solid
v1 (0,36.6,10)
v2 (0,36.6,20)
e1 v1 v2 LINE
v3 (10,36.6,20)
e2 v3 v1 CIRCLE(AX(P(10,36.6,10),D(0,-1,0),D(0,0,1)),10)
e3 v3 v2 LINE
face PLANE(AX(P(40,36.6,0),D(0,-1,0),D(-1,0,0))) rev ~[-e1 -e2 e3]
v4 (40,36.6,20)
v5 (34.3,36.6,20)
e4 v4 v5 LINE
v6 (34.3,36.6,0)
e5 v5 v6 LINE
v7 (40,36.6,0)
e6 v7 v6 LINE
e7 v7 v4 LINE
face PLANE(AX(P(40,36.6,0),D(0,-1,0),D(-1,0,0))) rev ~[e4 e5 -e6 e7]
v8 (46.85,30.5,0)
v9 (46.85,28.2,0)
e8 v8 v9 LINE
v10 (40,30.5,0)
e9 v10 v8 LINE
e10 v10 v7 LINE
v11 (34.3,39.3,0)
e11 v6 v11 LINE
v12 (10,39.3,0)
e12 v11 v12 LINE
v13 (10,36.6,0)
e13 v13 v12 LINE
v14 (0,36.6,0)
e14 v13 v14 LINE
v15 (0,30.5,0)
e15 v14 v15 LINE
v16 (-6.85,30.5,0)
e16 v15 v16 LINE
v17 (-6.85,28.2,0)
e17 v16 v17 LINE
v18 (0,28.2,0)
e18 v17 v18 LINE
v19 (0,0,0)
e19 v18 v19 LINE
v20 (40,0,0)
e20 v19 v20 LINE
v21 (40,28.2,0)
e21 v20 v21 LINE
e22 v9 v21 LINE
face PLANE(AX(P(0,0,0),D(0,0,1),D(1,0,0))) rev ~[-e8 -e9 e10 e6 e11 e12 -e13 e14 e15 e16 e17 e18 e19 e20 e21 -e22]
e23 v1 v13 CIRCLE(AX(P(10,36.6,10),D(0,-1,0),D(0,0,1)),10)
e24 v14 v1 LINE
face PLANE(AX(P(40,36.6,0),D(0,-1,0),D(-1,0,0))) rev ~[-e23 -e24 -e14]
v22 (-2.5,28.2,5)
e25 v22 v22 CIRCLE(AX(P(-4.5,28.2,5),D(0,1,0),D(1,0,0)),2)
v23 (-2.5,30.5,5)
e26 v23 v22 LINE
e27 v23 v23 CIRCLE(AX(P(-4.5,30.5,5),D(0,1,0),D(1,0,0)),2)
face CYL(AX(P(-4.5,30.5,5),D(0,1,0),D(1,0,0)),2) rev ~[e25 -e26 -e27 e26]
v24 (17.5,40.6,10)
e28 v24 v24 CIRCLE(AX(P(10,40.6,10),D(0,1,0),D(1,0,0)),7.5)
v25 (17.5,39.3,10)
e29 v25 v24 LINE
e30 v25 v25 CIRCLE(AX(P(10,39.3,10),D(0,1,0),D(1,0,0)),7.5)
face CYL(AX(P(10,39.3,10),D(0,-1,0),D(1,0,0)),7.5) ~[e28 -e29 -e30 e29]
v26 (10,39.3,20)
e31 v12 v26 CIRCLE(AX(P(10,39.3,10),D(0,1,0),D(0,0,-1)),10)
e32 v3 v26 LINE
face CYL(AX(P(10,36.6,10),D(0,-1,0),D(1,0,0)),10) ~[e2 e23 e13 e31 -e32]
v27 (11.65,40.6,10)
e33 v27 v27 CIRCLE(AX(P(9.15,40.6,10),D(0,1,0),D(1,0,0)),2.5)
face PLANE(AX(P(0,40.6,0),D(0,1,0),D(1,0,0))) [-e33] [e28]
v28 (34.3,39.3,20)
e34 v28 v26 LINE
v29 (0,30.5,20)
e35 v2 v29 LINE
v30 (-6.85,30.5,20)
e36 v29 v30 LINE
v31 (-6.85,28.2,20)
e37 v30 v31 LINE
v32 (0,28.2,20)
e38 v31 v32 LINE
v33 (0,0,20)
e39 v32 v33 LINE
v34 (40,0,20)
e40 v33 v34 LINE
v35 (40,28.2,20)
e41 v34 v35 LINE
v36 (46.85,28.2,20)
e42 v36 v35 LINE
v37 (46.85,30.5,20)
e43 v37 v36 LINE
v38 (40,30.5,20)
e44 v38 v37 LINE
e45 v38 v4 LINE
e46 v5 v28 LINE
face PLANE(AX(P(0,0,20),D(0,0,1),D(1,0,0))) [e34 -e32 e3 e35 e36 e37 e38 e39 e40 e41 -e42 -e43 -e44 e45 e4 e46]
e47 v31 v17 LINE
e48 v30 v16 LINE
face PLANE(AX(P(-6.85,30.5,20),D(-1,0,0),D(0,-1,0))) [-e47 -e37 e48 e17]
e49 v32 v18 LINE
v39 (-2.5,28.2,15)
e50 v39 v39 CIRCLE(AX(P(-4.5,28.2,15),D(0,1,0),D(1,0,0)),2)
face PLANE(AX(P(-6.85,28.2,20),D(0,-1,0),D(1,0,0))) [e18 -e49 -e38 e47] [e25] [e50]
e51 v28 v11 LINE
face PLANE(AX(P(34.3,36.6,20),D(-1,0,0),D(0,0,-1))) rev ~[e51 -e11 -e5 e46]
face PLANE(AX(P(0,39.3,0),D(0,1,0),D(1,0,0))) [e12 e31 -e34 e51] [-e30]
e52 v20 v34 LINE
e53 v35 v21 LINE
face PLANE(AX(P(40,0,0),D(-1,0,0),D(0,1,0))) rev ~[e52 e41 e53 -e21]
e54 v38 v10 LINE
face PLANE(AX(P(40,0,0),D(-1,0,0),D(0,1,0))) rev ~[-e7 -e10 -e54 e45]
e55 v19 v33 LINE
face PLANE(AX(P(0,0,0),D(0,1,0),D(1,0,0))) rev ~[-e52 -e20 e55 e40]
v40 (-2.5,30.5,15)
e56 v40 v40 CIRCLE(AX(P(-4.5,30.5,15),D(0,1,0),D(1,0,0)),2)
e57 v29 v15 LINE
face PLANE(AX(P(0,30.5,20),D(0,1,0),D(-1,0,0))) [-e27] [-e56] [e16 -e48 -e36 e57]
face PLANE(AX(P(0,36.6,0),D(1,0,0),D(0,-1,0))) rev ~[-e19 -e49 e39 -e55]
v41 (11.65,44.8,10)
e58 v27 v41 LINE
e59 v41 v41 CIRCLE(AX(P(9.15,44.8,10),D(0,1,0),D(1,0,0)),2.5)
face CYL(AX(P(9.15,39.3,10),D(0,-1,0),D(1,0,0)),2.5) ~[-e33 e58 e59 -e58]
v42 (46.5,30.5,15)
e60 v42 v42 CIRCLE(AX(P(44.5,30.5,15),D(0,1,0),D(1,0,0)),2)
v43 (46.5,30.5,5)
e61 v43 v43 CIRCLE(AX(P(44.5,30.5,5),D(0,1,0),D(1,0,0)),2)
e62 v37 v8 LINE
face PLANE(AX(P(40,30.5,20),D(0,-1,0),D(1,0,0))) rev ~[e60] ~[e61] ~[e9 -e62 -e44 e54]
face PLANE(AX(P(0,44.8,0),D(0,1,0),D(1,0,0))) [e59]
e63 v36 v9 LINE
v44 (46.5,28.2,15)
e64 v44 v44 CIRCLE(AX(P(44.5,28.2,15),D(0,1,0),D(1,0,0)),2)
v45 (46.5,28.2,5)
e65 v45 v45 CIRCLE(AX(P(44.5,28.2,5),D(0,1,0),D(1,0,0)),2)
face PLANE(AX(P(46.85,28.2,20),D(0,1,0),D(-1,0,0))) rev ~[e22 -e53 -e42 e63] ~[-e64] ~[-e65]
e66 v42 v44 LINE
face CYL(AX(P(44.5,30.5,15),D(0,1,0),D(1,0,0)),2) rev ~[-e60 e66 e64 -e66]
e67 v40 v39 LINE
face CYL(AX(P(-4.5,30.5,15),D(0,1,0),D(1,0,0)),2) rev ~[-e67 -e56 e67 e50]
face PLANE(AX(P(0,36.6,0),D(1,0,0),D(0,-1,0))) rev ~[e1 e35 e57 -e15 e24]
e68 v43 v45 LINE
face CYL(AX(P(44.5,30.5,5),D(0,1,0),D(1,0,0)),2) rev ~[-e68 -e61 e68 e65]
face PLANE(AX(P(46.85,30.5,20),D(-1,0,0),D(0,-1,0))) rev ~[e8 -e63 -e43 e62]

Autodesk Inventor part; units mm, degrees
ref_plane "YZ Plane" through (0, 0, 0) normal (1, 0, 0) x (0, 1, 0)
ref_plane "XZ Plane" through (0, 0, 0) normal (0, 1, 0) x (-1, 0, 0)
ref_plane "XY Plane" through (0, 0, 0) normal (0, 0, 1) x (1, 0, 0)
sketch "스케치1" plane through (0, 0, 0) normal (0, 0, 1) x (1, 0, 0)
  line L0 (0, 0) -> (40, 0)
  line L1 (40, 0) -> (40, 36.6)
  line L2 (40, 36.6) -> (0, 36.6)
  line L3 (0, 36.6) -> (0, 0)
  dimension "d0" = 40
  dimension "d1" = 36.6
extrude "돌출1" add sketch "스케치1" along normal blind 20
sketch "스케치2" plane through (0, 0, 20) normal (0, 0, 1) x (1, 0, 0)
  line L0 (40, 0) -> (40, 36.6) projected
  line L1 (40, 30.5) -> (46.85, 30.5)
  line L2 (46.85, 30.5) -> (46.85, 28.2)
  line L3 (46.85, 28.2) -> (40, 28.2)
  line L4 (40, 28.2) -> (40, 30.5)
  line L5 (0, 30.5) -> (-6.85, 30.5)
  line L6 (-6.85, 30.5) -> (-6.85, 28.2)
  line L7 (-6.85, 28.2) -> (0, 28.2)
  line L8 (0, 28.2) -> (0, 30.5)
  line L9 (0, 0) -> (40, 0) projected
  line L10 (0, 36.6) -> (0, 0) projected
  point P0 (40, 28.2)
  point P1 (0, 29.35)
  dimension "d4" = 6.85
  dimension "d5" = 6.85
  dimension "d6" = 2.3
  dimension "d7" = 2.3
  dimension "d8" = 30.5
  dimension "d9" = 30.5
extrude "돌출2" add sketch "스케치2" against normal blind 20
sketch "스케치3" plane through (0, 36.6, 0) normal (0, 1, 0) x (1, 0, 0)
  line L0 (40, 0) -> (0, 0) projected
  line L1 (0, 0) -> (0, -20) projected
  line L2 (40, -20) -> (0, -20) projected
  line L3 (40, 0) -> (40, -20) projected
  circle A0 centre (10, -10) radius 10
  line L4 (0, 0) -> (0, -20) projected
  line L5 (0, -20) -> (34.3, -20)
  line L6 (34.3, -20) -> (34.3, 0)
  line L7 (34.3, 0) -> (0, 0)
  line L8 (0, 0) -> (0, -20)
  line L9 (40, -20) -> (0, -20) projected
  point P0 (10, -20)
  point P1 (10, 0)
  dimension "d12" = 34.3
extrude "돌출3" add sketch "스케치3" along normal blind 2.7 contours L6 L2 A0 L0 | A0
sketch "스케치4" plane through (0, 39.3, 0) normal (0, 1, 0) x (1, 0, 0)
  circle A0 centre (9.15, -10) radius 2.5
  arc A1 (10, 0) -> (10, -20) centre (10, -10) ccw projected
  line L0 (-6.85, -20) -> (-6.85, 0) projected
  point P0 (0, 0)
  point P1 (0, -10)
  point P2 (11.638, -9.755)
  point P3 (0, -10)
  point P4 (0, -10)
  dimension "d15" = 5
  dimension "d23" = 16
extrude "돌출4" add sketch "스케치4" along normal blind 5.5
sketch "스케치5" plane through (0, 39.3, 0) normal (0, 1, 0) x (1, 0, 0)
  circle A0 centre (9.15, -10) radius 2.5 projected
  line L0 (10, -20) -> (34.3, -20) projected
  line L1 (34.3, -20) -> (34.3, 0) projected
  line L2 (34.3, 0) -> (10, 0) projected
  arc A1 (10, 0) -> (10, -20) centre (10, -10) ccw projected
  circle A2 centre (10, -10) radius 7.5
  point P0 (0, 0)
  dimension "d20" = 15
sketch "스케치6" plane through (0, 0, 20) normal (0, 0, 1) x (1, 0, 0)
  point P0 (0, 0)
extrude "돌출5" add sketch "스케치5" along normal blind 1.3 contours A2
sketch "스케치18" plane through (0, 39.3, 0) normal (0, 1, 0) x (1, 0, 0)
  point P0 (0, 0)
sketch "스케치19" plane through (40, 30.5, 20) normal (0, 1, 0) x (1, 0, 0)
  circle A0 centre (4.5, 15) radius 2
  circle A1 centre (4.5, 5) radius 2
  line L0 (6.85, 0) -> (0, 0) projected
  line L1 (6.85, 0) -> (6.85, 20) projected
  line L2 (0, 20) -> (6.85, 20) projected
  line L3 (0, 0) -> (0, 20) projected
  circle A2 centre (-30, 10) radius 7.5 projected
  line L4 (-30, 0) -> (-5.7, 0) projected
  line L5 (-5.7, 0) -> (-5.7, 20) projected
  line L6 (-5.7, 20) -> (-30, 20) projected
  arc A3 (-30, 20) -> (-30, 0) centre (-30, 10) ccw projected
  line L7 (-17.85, 0) -> (-17.85, 20)
  circle A4 centre (-44.5, 15) radius 2
  line L8 (-46.85, 0) -> (-46.85, 20) projected
  circle A5 centre (-44.5, 5) radius 2
  line L9 (-46.85, 20) -> (-40, 20) projected
  dimension "d24" = 4
  dimension "d25" = 4
  dimension "d26" = 10
  dimension "d27" = 5
  dimension "d29" = 2.35
  dimension "d30" = 4
  dimension "d31" = 2.35
  dimension "d32" = 2.35
  dimension "d33" = 4
  dimension "d34" = 2.35
  dimension "d35" = 10
  dimension "d36" = 5
extrude "돌출6" cut sketch "스케치19" against normal through all contours A0 | A1 | A4 | A5
sketch "스케치35" plane through (0, 0, 0) normal (0, -1, 0) x (1, 0, 0)
  circle A0 centre (9.15, 10) radius 2.5 projected
  circle A1 centre (9.15, 10) radius 10.5
  point P0 (0, 0)
  dimension "d39" = 21
sketch "스케치36" plane through (0, 0, 20) normal (0, 0, 1) x (1, 0, 0)
  line L0 (40, 0) -> (40, 28.2) projected
  line L1 (40, 28.2) -> (46.85, 28.2) projected
  line L2 (46.85, 28.2) -> (46.85, 30.5) projected
  line L3 (46.85, 30.5) -> (40, 30.5) projected
  line L4 (40, 30.5) -> (40, 36.6) projected
  line L5 (40, 36.6) -> (34.3, 36.6) projected
  line L6 (34.3, 36.6) -> (34.3, 39.3) projected
  line L7 (10, 39.3) -> (34.3, 39.3) projected
  line L8 (10, 36.6) -> (10, 39.3) projected
  line L9 (10, 36.6) -> (0, 36.6) projected
  line L10 (0, 36.6) -> (0, 30.5) projected
  line L11 (0, 30.5) -> (-6.85, 30.5) projected
  line L12 (-6.85, 30.5) -> (-6.85, 28.2) projected
  line L13 (-6.85, 28.2) -> (0, 28.2) projected
  line L14 (0, 28.2) -> (0, 0) projected
  line L15 (0, 0) -> (40, 0) projected
properties part number "996R모터_3D 인쇄"
